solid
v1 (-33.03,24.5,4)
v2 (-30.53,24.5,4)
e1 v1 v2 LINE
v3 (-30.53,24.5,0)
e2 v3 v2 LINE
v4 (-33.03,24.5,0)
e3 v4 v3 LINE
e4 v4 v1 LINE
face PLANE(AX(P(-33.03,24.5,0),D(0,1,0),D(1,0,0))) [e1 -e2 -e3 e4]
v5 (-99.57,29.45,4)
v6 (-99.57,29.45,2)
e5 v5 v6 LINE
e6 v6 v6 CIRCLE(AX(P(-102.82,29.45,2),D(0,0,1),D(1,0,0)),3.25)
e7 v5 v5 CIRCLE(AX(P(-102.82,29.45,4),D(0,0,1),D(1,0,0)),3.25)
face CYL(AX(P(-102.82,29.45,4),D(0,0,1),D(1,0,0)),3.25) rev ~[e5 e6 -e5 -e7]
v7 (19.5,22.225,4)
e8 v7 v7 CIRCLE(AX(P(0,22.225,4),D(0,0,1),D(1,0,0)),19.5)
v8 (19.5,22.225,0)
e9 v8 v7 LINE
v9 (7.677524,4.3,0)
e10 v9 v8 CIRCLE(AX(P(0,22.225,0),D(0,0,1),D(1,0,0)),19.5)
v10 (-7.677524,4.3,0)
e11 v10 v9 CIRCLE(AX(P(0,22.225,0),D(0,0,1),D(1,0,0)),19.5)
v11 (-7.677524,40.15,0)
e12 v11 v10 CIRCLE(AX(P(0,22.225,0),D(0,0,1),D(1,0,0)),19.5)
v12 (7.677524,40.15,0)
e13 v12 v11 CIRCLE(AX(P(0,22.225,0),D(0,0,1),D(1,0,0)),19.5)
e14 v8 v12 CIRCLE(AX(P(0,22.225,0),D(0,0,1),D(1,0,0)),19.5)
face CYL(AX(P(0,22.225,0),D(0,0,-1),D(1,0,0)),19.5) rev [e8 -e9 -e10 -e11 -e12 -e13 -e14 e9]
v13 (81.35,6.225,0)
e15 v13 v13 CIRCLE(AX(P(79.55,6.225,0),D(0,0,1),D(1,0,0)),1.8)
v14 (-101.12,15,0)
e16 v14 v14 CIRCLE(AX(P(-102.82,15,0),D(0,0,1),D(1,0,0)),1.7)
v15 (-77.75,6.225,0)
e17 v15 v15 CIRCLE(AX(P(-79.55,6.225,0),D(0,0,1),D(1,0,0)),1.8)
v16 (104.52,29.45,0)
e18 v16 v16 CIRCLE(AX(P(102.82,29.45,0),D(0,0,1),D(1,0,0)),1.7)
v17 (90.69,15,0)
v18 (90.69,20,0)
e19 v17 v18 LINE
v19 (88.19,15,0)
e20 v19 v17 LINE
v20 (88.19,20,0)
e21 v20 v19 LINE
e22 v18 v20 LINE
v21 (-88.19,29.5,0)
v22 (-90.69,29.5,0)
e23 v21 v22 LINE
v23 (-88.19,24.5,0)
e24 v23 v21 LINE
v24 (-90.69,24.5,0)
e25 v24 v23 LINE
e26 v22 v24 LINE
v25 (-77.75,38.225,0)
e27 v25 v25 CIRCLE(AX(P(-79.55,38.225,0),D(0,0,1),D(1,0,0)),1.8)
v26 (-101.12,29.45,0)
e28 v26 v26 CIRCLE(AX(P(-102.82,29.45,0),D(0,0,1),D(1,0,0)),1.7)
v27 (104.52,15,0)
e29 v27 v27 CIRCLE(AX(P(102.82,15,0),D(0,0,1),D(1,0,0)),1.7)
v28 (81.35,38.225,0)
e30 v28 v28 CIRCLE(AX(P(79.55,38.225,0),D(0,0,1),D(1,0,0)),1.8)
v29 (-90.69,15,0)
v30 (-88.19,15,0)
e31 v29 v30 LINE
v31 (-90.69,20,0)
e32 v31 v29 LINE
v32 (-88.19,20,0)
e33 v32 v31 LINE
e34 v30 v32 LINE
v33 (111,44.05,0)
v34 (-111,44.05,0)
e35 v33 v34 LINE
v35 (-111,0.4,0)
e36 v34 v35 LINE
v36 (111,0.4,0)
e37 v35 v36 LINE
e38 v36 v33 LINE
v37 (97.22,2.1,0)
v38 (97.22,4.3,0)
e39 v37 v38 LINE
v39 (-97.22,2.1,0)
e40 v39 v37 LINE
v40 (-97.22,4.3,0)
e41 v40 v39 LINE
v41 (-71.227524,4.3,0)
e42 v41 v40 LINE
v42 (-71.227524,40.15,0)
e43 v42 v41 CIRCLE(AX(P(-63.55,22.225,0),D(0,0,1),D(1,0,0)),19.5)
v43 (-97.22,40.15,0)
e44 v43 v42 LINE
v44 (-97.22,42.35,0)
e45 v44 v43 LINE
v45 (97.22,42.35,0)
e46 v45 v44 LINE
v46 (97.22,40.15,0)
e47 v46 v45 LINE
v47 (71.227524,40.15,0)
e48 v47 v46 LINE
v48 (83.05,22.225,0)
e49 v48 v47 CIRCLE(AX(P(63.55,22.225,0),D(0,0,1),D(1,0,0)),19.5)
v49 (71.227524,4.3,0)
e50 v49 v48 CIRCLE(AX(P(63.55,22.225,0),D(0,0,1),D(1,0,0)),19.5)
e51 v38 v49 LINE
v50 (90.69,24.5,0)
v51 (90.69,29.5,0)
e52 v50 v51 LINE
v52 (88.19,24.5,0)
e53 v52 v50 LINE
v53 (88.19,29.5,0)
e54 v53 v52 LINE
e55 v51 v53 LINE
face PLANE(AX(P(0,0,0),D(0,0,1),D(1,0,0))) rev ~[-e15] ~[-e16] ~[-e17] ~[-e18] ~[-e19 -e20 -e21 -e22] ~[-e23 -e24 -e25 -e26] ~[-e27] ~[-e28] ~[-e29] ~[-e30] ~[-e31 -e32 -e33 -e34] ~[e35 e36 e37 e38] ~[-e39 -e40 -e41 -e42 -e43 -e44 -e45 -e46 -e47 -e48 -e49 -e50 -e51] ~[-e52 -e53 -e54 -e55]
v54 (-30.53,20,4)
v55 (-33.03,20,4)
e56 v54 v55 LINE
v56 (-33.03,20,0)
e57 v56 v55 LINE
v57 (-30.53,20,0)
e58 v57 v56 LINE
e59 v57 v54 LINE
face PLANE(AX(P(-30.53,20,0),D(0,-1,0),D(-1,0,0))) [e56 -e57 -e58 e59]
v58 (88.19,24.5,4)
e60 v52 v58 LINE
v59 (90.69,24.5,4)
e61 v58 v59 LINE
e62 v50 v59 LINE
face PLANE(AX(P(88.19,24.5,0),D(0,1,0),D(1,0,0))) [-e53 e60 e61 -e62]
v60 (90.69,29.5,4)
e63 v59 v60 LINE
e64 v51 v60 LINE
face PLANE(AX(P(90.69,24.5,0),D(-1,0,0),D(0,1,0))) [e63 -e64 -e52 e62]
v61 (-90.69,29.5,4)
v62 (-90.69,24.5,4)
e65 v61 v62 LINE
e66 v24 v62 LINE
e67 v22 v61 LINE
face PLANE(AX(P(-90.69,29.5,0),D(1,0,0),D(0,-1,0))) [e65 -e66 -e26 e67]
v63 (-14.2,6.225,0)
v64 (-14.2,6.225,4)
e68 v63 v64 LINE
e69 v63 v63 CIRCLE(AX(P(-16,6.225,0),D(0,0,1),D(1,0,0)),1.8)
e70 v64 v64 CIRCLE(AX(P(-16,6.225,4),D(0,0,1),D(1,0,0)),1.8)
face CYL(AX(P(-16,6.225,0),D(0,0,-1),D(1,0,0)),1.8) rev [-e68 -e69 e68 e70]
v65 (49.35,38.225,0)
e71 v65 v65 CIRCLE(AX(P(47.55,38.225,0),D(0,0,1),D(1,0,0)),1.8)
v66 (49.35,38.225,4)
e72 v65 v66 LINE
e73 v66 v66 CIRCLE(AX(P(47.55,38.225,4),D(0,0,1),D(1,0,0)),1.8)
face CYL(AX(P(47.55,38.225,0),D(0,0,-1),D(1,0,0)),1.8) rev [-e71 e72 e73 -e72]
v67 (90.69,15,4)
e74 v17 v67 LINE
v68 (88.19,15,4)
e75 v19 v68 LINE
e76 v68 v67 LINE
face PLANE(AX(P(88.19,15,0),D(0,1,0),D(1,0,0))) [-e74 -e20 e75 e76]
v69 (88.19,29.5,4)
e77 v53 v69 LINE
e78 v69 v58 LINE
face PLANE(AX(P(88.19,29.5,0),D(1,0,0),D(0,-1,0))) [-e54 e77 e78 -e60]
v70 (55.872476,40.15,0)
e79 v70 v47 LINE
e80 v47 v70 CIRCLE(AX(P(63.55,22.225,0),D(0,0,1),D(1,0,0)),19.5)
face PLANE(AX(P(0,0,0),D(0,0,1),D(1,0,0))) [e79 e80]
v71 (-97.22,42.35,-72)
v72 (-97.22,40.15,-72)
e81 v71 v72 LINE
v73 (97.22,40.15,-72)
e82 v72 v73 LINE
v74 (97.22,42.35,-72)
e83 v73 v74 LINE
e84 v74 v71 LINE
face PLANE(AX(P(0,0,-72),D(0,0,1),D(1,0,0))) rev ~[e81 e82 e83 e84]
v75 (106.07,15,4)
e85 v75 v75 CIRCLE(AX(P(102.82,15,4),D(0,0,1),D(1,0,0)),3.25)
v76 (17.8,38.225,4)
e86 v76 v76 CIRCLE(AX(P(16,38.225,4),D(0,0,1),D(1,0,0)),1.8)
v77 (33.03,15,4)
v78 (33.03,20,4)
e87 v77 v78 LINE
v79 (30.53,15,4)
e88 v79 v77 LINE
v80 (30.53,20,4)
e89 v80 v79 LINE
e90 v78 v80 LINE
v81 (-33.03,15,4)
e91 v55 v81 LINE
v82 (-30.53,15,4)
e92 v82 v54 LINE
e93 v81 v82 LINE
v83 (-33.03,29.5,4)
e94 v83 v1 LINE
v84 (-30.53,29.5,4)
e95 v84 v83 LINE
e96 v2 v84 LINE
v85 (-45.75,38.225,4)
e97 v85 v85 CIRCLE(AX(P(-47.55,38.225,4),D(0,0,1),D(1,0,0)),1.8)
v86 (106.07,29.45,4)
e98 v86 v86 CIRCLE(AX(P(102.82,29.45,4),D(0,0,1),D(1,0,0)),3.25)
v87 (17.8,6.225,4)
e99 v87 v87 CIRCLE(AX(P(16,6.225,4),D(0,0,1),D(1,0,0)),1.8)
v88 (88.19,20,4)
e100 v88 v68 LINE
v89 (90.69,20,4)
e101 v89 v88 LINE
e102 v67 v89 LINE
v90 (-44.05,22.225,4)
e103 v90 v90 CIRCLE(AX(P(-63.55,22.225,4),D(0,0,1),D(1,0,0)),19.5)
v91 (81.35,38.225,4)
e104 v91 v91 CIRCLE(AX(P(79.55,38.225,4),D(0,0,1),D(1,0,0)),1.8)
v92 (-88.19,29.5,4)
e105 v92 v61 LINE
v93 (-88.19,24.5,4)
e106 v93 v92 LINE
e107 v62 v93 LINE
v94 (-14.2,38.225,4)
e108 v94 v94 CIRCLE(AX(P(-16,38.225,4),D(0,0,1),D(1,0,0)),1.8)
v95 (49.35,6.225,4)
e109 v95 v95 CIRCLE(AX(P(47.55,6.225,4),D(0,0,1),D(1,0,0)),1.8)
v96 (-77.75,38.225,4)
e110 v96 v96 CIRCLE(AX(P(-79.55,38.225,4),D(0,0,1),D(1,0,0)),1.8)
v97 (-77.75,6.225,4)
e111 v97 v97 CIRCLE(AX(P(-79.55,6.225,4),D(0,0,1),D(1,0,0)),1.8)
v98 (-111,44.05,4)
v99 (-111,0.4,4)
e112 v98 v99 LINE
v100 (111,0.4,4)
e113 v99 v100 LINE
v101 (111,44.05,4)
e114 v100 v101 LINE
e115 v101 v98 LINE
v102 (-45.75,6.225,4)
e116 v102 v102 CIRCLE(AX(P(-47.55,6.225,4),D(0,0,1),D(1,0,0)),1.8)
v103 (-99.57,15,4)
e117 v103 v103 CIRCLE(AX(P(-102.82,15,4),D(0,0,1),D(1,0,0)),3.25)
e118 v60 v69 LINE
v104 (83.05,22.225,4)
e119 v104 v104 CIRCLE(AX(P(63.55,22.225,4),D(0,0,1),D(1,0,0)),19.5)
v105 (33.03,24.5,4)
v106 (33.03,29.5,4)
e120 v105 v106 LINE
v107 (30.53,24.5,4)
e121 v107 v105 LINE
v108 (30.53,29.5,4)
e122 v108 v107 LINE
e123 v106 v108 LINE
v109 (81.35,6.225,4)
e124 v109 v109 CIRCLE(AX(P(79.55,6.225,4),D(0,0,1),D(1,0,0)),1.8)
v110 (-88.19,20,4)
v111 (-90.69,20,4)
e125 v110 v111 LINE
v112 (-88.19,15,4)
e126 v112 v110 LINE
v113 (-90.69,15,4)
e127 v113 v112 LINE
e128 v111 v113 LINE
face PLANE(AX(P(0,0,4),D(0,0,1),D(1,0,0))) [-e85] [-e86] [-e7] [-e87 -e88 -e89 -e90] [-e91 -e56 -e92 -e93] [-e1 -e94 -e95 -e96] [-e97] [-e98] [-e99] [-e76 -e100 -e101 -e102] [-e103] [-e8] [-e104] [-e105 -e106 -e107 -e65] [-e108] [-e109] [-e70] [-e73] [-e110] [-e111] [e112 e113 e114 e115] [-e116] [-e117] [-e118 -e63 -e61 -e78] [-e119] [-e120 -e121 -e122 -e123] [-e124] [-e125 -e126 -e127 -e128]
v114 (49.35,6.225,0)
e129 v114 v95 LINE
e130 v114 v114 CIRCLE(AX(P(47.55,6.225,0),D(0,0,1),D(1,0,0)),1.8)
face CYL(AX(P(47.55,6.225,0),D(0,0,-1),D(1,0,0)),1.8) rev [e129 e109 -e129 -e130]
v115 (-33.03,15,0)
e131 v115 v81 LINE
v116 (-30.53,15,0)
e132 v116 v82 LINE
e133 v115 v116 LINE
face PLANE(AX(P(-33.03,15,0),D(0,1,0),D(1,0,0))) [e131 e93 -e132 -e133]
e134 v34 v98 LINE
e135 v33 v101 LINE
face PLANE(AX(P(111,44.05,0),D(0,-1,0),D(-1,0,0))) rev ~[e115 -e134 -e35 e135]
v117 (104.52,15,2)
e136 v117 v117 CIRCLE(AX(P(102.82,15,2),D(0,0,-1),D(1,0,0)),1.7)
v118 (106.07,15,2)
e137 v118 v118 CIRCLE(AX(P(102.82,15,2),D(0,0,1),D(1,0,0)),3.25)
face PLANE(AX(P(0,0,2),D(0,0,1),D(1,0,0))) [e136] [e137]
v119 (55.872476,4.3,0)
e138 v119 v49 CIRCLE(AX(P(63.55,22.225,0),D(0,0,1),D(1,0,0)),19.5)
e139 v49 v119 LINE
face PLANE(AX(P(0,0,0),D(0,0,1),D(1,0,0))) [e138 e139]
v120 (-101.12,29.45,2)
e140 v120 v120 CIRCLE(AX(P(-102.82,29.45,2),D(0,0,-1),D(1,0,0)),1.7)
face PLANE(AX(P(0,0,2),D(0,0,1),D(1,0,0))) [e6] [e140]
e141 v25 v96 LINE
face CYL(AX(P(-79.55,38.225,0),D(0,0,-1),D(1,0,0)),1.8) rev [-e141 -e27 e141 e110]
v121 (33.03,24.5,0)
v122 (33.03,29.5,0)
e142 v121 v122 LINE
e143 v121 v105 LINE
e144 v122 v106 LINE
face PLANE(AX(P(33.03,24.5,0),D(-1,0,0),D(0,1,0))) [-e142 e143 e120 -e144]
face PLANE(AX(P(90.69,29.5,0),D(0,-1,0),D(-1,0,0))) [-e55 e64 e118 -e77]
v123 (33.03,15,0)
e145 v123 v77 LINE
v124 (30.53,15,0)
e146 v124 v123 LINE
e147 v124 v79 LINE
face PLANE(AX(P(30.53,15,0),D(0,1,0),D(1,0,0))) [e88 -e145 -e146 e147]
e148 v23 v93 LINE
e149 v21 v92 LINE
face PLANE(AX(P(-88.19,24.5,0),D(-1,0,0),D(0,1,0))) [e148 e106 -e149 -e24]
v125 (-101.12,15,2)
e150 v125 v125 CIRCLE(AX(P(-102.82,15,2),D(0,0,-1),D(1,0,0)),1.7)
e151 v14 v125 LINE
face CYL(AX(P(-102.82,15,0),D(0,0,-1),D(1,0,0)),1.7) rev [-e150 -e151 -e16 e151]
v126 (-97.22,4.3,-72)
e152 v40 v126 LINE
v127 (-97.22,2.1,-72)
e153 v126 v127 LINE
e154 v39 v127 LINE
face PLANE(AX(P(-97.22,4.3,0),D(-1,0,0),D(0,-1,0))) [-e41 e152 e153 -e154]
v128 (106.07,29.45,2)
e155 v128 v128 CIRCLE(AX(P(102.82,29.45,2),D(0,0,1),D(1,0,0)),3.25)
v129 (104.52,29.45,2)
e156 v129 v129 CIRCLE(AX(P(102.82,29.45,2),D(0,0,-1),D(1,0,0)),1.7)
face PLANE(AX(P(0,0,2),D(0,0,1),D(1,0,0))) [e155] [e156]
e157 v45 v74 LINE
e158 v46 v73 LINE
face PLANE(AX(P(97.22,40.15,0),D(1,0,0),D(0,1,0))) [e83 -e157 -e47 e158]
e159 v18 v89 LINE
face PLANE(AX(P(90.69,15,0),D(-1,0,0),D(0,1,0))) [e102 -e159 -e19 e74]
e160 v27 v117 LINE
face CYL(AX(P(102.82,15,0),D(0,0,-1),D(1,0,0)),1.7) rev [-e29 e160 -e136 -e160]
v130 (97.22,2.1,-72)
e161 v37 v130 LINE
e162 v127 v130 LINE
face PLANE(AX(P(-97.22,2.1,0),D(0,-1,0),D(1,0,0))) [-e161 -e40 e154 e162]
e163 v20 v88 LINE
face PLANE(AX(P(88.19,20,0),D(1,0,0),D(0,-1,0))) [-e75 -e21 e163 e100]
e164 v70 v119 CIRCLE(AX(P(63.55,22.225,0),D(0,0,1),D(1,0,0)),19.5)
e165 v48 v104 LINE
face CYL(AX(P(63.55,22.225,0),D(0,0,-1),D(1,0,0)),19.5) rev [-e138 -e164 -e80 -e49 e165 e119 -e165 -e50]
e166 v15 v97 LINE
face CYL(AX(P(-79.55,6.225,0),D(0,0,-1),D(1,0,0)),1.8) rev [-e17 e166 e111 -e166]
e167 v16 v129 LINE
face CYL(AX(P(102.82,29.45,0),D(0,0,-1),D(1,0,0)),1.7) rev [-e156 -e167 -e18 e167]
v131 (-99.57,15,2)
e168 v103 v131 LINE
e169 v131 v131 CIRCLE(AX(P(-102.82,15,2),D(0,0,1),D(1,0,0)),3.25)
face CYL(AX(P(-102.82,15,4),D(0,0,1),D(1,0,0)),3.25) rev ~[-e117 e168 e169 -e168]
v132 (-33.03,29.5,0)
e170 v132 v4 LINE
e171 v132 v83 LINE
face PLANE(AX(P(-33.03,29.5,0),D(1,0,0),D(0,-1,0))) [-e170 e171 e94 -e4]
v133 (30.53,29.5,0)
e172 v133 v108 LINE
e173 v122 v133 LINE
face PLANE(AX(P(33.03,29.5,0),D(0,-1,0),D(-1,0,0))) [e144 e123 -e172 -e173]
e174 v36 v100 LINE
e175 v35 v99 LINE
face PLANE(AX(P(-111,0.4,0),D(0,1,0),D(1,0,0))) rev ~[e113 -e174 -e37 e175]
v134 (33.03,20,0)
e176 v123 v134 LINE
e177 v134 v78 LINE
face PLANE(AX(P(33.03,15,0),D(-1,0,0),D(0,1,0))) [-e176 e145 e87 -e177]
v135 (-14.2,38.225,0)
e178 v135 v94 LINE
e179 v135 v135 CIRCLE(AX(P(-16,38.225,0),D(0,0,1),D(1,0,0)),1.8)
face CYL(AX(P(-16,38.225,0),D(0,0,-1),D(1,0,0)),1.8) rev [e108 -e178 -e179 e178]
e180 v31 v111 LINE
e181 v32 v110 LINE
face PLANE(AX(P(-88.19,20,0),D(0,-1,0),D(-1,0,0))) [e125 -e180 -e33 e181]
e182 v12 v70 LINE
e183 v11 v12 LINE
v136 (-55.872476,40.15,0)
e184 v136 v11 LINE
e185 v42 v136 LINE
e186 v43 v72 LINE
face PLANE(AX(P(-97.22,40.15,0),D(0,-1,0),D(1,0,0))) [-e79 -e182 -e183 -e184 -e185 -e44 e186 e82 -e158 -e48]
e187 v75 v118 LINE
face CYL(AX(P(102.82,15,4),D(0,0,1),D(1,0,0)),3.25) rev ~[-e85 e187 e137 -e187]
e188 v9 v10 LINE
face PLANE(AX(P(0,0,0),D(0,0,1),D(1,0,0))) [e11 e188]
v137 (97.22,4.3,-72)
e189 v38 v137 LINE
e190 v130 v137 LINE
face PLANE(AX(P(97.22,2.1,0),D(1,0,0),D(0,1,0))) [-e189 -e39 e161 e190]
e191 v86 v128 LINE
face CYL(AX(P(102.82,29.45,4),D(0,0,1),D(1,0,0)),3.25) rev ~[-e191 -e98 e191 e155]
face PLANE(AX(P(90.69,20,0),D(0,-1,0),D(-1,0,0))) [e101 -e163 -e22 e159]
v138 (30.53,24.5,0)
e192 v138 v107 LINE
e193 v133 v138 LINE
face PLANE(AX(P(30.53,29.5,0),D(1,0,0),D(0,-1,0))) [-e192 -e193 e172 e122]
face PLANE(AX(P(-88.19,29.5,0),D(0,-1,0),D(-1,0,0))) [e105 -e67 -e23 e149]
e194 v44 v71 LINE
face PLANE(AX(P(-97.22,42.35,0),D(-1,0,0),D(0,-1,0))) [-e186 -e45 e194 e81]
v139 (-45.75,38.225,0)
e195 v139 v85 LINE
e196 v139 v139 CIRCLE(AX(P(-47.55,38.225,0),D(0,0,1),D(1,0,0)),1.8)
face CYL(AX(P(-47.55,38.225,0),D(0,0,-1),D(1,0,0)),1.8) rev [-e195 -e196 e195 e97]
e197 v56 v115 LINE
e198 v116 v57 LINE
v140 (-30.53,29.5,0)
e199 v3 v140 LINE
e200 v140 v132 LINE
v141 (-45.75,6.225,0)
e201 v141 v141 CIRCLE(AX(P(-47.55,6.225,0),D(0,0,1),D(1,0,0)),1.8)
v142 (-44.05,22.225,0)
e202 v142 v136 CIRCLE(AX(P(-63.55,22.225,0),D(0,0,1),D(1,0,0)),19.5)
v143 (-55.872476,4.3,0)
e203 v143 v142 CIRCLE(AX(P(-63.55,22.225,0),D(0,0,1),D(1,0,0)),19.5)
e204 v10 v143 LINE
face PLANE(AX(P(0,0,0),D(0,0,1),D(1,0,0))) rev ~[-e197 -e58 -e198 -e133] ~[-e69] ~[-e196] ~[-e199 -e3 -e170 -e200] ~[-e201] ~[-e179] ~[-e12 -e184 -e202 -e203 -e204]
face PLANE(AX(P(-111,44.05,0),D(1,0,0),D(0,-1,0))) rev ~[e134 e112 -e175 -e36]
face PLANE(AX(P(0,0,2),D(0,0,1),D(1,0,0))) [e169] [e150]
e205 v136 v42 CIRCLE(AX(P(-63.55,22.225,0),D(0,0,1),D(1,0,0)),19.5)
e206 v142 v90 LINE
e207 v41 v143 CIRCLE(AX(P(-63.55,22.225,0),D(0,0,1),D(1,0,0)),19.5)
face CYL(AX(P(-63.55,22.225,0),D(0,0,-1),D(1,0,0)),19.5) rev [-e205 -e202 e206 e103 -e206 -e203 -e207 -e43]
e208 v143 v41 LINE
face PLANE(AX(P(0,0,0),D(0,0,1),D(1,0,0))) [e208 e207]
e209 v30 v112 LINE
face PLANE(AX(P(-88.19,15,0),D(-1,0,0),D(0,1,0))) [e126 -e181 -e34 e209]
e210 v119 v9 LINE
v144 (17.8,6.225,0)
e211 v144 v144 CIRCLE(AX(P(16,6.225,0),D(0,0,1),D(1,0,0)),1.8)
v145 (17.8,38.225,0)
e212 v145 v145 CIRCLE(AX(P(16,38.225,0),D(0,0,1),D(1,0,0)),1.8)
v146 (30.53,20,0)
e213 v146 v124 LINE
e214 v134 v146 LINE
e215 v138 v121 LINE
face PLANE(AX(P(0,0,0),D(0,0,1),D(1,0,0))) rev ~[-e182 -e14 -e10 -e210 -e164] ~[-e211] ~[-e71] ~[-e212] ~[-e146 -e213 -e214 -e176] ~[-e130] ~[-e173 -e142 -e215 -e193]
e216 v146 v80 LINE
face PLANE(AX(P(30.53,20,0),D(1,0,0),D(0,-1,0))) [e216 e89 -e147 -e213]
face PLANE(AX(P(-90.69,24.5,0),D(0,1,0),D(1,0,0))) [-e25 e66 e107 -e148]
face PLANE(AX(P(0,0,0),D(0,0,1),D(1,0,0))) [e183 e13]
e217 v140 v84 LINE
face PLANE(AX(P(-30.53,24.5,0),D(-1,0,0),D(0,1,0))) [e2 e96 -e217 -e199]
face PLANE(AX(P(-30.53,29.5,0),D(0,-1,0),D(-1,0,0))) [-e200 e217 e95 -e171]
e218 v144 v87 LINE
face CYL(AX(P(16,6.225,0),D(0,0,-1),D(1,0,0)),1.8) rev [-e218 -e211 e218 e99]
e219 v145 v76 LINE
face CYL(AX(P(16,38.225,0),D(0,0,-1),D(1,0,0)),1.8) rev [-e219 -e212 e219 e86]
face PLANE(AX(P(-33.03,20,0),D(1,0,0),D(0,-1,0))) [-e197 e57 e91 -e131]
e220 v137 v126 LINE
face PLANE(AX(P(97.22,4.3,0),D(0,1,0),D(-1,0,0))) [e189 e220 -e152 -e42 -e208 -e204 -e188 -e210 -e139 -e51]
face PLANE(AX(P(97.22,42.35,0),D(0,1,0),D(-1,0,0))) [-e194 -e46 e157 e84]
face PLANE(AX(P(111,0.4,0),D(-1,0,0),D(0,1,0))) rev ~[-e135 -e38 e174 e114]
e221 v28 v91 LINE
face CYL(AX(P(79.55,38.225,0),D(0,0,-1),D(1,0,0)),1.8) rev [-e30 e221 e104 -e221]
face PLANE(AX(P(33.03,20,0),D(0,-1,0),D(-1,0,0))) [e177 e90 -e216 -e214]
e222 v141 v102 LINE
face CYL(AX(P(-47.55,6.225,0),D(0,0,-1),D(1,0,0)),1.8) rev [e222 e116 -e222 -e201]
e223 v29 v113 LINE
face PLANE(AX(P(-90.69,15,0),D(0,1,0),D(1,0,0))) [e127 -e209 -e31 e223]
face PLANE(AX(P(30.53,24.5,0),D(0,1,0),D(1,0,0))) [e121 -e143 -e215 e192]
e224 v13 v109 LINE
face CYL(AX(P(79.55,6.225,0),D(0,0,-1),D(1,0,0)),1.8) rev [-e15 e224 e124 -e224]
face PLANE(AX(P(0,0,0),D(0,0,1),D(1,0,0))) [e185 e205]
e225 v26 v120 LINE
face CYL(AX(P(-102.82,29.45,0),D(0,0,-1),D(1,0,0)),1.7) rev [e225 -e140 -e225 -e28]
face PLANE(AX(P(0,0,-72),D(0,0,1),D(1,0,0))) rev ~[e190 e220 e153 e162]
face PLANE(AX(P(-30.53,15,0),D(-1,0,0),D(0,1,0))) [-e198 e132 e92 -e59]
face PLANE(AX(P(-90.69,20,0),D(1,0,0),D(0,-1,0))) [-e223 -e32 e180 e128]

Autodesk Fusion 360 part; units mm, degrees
sketch "Plate" plane through (0, 0, 0) normal (0, 0, 1) x (1, 0, 0)
  line L0 (-111, 0.4) -> (111, 0.4)
  line L1 (111, 0.4) -> (111, 44.05)
  line L2 (111, 44.05) -> (-111, 44.05)
  line L3 (-111, 44.05) -> (-111, 0.4)
extrude "Plate (1)" add sketch "Plate" along normal blind 4
sketch "Duct walls" plane through (0, 0, 0) normal (0, 0, 1) x (1, 0, 0)
  line L0 (-97.22, 2.1) -> (97.22, 2.1)
  line L1 (97.22, 2.1) -> (97.22, 4.3)
  line L2 (97.22, 4.3) -> (-97.22, 4.3)
  line L3 (-97.22, 4.3) -> (-97.22, 2.1)
  line L4 (-97.22, 40.15) -> (97.22, 40.15)
  line L5 (97.22, 40.15) -> (97.22, 42.35)
  line L6 (97.22, 42.35) -> (-97.22, 42.35)
  line L7 (-97.22, 42.35) -> (-97.22, 40.15)
extrude "Duct walls (1)" add sketch "Duct walls" against normal blind 72
sketch "Openings and holes" plane through (0, 0, 0) normal (0, 0, 1) x (1, 0, 0)
  circle A0 centre (-63.55, 22.225) radius 19.5
  circle A1 centre (-79.55, 6.225) radius 1.8
  circle A2 centre (-79.55, 38.225) radius 1.8
  circle A3 centre (-47.55, 6.225) radius 1.8
  circle A4 centre (-47.55, 38.225) radius 1.8
  circle A5 centre (0, 22.225) radius 19.5
  circle A6 centre (-16, 6.225) radius 1.8
  circle A7 centre (-16, 38.225) radius 1.8
  circle A8 centre (16, 6.225) radius 1.8
  circle A9 centre (16, 38.225) radius 1.8
  circle A10 centre (63.55, 22.225) radius 19.5
  circle A11 centre (47.55, 6.225) radius 1.8
  circle A12 centre (47.55, 38.225) radius 1.8
  circle A13 centre (79.55, 6.225) radius 1.8
  circle A14 centre (79.55, 38.225) radius 1.8
  circle A15 centre (-102.82, 15) radius 1.7
  circle A16 centre (-102.82, 29.45) radius 1.7
  circle A17 centre (102.82, 15) radius 1.7
  circle A18 centre (102.82, 29.45) radius 1.7
extrude "Openings and holes (1)" cut sketch "Openings and holes" along normal blind 4
sketch "Tie slots" plane through (0, 0, 0) normal (0, 0, 1) x (1, 0, 0)
  line L0 (-90.69, 15) -> (-88.19, 15)
  line L1 (-88.19, 15) -> (-88.19, 20)
  line L2 (-88.19, 20) -> (-90.69, 20)
  line L3 (-90.69, 20) -> (-90.69, 15)
  line L4 (-90.69, 24.5) -> (-88.19, 24.5)
  line L5 (-88.19, 24.5) -> (-88.19, 29.5)
  line L6 (-88.19, 29.5) -> (-90.69, 29.5)
  line L7 (-90.69, 29.5) -> (-90.69, 24.5)
  line L8 (-33.03, 15) -> (-30.53, 15)
  line L9 (-30.53, 15) -> (-30.53, 20)
  line L10 (-30.53, 20) -> (-33.03, 20)
  line L11 (-33.03, 20) -> (-33.03, 15)
  line L12 (-33.03, 24.5) -> (-30.53, 24.5)
  line L13 (-30.53, 24.5) -> (-30.53, 29.5)
  line L14 (-30.53, 29.5) -> (-33.03, 29.5)
  line L15 (-33.03, 29.5) -> (-33.03, 24.5)
  line L16 (30.53, 15) -> (33.03, 15)
  line L17 (33.03, 15) -> (33.03, 20)
  line L18 (33.03, 20) -> (30.53, 20)
  line L19 (30.53, 20) -> (30.53, 15)
  line L20 (30.53, 24.5) -> (33.03, 24.5)
  line L21 (33.03, 24.5) -> (33.03, 29.5)
  line L22 (33.03, 29.5) -> (30.53, 29.5)
  line L23 (30.53, 29.5) -> (30.53, 24.5)
  line L24 (88.19, 15) -> (90.69, 15)
  line L25 (90.69, 15) -> (90.69, 20)
  line L26 (90.69, 20) -> (88.19, 20)
  line L27 (88.19, 20) -> (88.19, 15)
  line L28 (88.19, 24.5) -> (90.69, 24.5)
  line L29 (90.69, 24.5) -> (90.69, 29.5)
  line L30 (90.69, 29.5) -> (88.19, 29.5)
  line L31 (88.19, 29.5) -> (88.19, 24.5)
extrude "Tie slots (1)" cut sketch "Tie slots" along normal blind 4
ref_plane "WorkPlane1" through (0, 0, 4) normal (0, 0, 1) x (1, 0, 0)
sketch "Head counterbores" plane through (0, 0, 4) normal (0, 0, 1) x (1, 0, 0)
  circle A0 centre (-102.82, 15) radius 3.25
  circle A1 centre (-102.82, 29.45) radius 3.25
  circle A2 centre (102.82, 15) radius 3.25
  circle A3 centre (102.82, 29.45) radius 3.25
extrude "Head counterbores (1)" cut sketch "Head counterbores" against normal blind 2
